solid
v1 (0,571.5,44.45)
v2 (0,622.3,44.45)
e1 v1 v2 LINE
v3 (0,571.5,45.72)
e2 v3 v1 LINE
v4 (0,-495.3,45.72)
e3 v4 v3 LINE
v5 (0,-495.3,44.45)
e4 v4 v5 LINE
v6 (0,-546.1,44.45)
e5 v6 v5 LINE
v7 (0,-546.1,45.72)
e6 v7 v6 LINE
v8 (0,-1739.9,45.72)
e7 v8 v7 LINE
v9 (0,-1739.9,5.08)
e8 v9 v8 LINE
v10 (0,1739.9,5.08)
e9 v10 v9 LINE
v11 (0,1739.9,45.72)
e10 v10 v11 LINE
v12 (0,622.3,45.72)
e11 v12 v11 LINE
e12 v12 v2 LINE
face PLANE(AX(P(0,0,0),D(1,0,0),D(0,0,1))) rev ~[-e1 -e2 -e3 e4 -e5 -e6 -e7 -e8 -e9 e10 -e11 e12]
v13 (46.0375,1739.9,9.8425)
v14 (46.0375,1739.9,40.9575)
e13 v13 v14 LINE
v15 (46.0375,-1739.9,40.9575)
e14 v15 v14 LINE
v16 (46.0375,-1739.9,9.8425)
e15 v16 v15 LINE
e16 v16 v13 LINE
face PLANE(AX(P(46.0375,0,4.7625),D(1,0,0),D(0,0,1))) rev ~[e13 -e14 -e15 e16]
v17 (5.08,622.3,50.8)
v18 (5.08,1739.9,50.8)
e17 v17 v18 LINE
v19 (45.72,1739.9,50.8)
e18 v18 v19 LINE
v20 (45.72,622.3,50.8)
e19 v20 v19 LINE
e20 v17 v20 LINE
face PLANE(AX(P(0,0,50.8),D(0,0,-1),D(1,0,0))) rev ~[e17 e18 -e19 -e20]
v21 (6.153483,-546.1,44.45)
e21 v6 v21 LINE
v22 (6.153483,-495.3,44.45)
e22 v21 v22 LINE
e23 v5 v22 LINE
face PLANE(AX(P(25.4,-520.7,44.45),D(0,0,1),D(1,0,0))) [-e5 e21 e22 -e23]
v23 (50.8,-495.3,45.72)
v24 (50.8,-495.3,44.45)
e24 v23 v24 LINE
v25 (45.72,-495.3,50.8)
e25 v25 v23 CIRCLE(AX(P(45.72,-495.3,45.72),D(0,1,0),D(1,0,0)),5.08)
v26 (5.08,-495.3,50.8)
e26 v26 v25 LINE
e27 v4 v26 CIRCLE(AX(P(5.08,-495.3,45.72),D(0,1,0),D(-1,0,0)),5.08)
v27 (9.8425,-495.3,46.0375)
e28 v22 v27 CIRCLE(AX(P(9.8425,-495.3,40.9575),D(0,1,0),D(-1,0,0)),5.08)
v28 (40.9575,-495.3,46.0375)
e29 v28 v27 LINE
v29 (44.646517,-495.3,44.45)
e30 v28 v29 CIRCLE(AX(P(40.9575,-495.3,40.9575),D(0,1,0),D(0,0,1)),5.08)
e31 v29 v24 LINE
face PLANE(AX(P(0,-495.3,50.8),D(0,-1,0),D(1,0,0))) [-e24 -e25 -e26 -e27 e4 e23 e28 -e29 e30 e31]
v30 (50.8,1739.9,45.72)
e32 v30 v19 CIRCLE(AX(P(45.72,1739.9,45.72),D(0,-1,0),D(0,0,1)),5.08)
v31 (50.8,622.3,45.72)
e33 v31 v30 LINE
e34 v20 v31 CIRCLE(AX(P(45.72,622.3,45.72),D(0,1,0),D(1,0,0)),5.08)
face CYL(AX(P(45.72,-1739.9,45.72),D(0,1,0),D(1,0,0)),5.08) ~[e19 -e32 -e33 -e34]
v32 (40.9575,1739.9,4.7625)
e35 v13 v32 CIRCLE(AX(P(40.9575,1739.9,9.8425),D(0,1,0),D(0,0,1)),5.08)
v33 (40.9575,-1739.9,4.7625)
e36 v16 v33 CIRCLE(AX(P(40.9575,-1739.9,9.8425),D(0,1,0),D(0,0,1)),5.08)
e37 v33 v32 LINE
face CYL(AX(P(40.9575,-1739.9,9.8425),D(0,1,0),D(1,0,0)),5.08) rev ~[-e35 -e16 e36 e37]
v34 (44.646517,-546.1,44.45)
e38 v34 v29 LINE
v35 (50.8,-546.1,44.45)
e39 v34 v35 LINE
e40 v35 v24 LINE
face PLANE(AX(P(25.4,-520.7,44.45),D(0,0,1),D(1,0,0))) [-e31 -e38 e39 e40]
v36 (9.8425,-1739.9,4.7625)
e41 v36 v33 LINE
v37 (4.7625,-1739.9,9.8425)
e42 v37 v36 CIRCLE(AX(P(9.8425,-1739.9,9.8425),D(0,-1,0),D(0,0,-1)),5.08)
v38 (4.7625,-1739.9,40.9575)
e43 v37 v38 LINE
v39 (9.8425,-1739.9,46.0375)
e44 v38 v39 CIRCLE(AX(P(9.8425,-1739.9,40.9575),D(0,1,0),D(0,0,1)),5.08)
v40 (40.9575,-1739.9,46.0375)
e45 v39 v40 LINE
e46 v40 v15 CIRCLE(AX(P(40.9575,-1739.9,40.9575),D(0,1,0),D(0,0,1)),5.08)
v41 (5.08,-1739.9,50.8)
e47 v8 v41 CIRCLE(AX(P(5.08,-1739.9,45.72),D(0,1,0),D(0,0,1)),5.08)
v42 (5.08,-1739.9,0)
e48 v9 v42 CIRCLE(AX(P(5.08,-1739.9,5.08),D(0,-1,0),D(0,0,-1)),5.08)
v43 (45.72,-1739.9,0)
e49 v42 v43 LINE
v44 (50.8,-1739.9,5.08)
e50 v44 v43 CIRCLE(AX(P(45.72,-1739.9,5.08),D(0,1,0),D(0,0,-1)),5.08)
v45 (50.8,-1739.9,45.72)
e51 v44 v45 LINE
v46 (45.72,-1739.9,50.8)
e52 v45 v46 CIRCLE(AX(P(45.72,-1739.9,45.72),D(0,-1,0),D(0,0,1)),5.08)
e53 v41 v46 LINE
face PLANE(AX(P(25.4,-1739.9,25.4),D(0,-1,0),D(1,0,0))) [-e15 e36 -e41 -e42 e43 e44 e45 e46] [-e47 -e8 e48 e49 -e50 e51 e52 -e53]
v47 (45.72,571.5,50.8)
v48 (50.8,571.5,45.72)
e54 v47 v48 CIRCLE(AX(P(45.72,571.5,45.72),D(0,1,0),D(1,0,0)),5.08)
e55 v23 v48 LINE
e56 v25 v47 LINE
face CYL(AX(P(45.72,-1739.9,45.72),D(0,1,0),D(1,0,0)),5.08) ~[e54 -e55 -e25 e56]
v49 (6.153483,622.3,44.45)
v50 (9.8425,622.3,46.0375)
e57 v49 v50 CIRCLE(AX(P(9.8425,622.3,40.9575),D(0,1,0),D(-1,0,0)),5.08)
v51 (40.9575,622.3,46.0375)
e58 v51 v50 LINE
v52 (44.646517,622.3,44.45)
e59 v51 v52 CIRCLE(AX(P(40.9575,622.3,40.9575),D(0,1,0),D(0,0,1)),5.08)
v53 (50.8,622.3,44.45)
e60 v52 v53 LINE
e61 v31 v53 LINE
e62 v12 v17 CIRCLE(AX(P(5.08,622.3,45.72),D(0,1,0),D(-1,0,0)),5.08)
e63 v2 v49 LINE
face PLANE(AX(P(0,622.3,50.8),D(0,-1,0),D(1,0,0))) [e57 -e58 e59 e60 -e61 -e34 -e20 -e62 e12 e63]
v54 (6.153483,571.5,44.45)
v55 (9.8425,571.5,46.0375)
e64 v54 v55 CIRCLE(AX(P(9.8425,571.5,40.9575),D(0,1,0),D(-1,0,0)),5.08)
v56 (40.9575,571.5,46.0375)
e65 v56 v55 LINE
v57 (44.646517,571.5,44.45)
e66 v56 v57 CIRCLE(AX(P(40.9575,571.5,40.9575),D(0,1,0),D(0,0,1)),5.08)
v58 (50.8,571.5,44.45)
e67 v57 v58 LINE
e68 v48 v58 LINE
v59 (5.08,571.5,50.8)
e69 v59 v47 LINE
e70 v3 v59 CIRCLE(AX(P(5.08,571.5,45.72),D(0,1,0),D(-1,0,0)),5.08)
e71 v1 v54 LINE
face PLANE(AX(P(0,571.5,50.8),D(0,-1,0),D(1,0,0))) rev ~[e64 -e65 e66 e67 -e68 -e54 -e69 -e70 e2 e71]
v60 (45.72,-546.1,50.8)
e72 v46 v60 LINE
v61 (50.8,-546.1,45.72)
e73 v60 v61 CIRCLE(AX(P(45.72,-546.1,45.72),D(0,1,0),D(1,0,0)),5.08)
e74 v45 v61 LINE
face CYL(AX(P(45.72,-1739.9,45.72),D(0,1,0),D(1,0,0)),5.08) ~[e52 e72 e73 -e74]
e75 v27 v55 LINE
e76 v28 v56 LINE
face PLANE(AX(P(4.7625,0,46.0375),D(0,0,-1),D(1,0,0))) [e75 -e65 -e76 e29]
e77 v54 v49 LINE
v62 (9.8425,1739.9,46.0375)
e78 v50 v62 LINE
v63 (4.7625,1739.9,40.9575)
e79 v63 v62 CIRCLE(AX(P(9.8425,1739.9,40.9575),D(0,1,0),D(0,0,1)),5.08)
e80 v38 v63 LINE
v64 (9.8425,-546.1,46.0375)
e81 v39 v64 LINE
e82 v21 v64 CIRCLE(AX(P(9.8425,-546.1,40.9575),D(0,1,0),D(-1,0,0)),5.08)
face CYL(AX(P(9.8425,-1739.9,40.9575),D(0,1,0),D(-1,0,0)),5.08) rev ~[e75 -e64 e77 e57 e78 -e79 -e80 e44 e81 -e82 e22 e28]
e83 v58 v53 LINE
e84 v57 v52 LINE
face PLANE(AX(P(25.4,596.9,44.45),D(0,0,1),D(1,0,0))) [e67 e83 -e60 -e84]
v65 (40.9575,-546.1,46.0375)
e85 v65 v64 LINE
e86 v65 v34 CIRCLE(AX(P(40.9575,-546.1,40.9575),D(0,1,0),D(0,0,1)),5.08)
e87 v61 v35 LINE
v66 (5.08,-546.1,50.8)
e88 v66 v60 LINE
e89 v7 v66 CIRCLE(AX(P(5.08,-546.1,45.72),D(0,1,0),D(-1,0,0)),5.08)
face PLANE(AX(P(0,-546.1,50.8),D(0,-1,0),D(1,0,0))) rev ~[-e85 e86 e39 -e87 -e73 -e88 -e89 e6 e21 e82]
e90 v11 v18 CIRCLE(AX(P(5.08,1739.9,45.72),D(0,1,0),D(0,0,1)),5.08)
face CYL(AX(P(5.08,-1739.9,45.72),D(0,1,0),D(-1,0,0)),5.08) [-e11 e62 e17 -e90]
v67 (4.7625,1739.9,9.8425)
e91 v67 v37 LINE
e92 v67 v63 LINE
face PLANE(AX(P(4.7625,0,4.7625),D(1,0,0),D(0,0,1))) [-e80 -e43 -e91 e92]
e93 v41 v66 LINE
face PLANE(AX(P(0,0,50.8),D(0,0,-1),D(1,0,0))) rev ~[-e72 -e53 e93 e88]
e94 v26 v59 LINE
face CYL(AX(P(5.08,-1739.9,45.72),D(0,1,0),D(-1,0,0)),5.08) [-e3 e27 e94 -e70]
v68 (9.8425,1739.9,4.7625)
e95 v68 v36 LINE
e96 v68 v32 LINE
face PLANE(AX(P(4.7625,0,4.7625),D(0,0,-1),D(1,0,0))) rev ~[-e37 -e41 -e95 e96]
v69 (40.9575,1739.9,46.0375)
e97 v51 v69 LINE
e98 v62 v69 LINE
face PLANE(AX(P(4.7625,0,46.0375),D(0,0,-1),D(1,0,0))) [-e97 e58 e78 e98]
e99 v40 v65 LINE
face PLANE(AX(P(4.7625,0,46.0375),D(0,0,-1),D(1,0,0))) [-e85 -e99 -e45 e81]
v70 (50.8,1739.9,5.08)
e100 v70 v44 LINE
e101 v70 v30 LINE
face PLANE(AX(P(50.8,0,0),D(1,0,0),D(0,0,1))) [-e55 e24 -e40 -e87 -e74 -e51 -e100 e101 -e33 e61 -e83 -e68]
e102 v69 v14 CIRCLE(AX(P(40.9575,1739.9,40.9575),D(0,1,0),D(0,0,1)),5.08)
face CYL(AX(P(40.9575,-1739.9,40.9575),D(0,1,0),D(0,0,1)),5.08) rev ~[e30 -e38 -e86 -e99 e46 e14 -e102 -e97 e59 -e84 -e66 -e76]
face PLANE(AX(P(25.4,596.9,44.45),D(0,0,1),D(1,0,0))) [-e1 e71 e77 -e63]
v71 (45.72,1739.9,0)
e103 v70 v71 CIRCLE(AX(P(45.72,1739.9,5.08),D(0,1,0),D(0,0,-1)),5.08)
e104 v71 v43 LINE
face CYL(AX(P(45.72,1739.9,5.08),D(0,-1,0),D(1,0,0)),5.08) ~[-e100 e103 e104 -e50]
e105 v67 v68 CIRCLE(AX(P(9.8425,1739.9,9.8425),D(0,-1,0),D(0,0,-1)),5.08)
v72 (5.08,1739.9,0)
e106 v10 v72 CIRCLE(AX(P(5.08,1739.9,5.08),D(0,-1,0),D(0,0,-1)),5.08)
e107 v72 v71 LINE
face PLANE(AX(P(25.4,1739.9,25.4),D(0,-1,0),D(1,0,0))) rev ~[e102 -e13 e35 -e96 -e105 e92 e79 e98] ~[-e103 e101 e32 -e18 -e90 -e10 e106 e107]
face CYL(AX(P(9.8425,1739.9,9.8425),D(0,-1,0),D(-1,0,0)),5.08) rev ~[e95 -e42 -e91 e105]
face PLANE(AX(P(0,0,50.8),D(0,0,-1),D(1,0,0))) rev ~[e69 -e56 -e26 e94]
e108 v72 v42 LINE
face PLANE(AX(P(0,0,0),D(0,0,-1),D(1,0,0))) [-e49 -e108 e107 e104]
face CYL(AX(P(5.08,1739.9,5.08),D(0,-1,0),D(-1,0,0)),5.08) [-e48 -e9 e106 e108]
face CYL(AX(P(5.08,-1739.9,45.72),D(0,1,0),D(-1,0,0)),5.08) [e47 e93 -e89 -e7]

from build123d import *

# Parameters (mm, degrees)
F0_W     = 50.8
F0_H     = 50.8
F0_W_2   = 41.275
F0_H_2   = 41.275
F1_DEPTH = 1739.9
F2_R     = 5.08
F3_W     = 50.8
F3_H     = 50.8
F4_DEPTH = 6.35


with BuildPart() as f1:
    # F0 (on Front) → F1 (new body, symmetric)
    with BuildSketch(Plane.XZ):
        with Locations((25.4, 25.4)):
            Rectangle(F0_W, F0_H)
        with Locations((25.4, 25.4)):
            Rectangle(F0_W_2, F0_H_2, mode=Mode.SUBTRACT)
    extrude(amount=F1_DEPTH, both=True)

    # F2
    f2_edges = [f1.edges().sort_by_distance(p)[0] for p in [
        (50.8, 0, 50.8),
        (0, 0, 50.8),
        (4.7625, 0, 46.0375),
        (46.0375, 0, 4.7625),
        (4.7625, 0, 4.7625),
        (46.0375, 0, 46.0375),
        (0, 0, 0),
        (50.8, 0, 0),
    ]]
    fillet(f2_edges, radius=F2_R)

    # F3 (on face) → F4 (cut)
    with BuildSketch(Plane.XY.offset(50.8)):
        with Locations((25.4, -520.7)):
            Rectangle(F3_W, F3_H)
        with Locations((25.4, 596.9)):
            Rectangle(F3_W, F3_H)
    extrude(amount=-F4_DEPTH, mode=Mode.SUBTRACT)


solid = f1.part
